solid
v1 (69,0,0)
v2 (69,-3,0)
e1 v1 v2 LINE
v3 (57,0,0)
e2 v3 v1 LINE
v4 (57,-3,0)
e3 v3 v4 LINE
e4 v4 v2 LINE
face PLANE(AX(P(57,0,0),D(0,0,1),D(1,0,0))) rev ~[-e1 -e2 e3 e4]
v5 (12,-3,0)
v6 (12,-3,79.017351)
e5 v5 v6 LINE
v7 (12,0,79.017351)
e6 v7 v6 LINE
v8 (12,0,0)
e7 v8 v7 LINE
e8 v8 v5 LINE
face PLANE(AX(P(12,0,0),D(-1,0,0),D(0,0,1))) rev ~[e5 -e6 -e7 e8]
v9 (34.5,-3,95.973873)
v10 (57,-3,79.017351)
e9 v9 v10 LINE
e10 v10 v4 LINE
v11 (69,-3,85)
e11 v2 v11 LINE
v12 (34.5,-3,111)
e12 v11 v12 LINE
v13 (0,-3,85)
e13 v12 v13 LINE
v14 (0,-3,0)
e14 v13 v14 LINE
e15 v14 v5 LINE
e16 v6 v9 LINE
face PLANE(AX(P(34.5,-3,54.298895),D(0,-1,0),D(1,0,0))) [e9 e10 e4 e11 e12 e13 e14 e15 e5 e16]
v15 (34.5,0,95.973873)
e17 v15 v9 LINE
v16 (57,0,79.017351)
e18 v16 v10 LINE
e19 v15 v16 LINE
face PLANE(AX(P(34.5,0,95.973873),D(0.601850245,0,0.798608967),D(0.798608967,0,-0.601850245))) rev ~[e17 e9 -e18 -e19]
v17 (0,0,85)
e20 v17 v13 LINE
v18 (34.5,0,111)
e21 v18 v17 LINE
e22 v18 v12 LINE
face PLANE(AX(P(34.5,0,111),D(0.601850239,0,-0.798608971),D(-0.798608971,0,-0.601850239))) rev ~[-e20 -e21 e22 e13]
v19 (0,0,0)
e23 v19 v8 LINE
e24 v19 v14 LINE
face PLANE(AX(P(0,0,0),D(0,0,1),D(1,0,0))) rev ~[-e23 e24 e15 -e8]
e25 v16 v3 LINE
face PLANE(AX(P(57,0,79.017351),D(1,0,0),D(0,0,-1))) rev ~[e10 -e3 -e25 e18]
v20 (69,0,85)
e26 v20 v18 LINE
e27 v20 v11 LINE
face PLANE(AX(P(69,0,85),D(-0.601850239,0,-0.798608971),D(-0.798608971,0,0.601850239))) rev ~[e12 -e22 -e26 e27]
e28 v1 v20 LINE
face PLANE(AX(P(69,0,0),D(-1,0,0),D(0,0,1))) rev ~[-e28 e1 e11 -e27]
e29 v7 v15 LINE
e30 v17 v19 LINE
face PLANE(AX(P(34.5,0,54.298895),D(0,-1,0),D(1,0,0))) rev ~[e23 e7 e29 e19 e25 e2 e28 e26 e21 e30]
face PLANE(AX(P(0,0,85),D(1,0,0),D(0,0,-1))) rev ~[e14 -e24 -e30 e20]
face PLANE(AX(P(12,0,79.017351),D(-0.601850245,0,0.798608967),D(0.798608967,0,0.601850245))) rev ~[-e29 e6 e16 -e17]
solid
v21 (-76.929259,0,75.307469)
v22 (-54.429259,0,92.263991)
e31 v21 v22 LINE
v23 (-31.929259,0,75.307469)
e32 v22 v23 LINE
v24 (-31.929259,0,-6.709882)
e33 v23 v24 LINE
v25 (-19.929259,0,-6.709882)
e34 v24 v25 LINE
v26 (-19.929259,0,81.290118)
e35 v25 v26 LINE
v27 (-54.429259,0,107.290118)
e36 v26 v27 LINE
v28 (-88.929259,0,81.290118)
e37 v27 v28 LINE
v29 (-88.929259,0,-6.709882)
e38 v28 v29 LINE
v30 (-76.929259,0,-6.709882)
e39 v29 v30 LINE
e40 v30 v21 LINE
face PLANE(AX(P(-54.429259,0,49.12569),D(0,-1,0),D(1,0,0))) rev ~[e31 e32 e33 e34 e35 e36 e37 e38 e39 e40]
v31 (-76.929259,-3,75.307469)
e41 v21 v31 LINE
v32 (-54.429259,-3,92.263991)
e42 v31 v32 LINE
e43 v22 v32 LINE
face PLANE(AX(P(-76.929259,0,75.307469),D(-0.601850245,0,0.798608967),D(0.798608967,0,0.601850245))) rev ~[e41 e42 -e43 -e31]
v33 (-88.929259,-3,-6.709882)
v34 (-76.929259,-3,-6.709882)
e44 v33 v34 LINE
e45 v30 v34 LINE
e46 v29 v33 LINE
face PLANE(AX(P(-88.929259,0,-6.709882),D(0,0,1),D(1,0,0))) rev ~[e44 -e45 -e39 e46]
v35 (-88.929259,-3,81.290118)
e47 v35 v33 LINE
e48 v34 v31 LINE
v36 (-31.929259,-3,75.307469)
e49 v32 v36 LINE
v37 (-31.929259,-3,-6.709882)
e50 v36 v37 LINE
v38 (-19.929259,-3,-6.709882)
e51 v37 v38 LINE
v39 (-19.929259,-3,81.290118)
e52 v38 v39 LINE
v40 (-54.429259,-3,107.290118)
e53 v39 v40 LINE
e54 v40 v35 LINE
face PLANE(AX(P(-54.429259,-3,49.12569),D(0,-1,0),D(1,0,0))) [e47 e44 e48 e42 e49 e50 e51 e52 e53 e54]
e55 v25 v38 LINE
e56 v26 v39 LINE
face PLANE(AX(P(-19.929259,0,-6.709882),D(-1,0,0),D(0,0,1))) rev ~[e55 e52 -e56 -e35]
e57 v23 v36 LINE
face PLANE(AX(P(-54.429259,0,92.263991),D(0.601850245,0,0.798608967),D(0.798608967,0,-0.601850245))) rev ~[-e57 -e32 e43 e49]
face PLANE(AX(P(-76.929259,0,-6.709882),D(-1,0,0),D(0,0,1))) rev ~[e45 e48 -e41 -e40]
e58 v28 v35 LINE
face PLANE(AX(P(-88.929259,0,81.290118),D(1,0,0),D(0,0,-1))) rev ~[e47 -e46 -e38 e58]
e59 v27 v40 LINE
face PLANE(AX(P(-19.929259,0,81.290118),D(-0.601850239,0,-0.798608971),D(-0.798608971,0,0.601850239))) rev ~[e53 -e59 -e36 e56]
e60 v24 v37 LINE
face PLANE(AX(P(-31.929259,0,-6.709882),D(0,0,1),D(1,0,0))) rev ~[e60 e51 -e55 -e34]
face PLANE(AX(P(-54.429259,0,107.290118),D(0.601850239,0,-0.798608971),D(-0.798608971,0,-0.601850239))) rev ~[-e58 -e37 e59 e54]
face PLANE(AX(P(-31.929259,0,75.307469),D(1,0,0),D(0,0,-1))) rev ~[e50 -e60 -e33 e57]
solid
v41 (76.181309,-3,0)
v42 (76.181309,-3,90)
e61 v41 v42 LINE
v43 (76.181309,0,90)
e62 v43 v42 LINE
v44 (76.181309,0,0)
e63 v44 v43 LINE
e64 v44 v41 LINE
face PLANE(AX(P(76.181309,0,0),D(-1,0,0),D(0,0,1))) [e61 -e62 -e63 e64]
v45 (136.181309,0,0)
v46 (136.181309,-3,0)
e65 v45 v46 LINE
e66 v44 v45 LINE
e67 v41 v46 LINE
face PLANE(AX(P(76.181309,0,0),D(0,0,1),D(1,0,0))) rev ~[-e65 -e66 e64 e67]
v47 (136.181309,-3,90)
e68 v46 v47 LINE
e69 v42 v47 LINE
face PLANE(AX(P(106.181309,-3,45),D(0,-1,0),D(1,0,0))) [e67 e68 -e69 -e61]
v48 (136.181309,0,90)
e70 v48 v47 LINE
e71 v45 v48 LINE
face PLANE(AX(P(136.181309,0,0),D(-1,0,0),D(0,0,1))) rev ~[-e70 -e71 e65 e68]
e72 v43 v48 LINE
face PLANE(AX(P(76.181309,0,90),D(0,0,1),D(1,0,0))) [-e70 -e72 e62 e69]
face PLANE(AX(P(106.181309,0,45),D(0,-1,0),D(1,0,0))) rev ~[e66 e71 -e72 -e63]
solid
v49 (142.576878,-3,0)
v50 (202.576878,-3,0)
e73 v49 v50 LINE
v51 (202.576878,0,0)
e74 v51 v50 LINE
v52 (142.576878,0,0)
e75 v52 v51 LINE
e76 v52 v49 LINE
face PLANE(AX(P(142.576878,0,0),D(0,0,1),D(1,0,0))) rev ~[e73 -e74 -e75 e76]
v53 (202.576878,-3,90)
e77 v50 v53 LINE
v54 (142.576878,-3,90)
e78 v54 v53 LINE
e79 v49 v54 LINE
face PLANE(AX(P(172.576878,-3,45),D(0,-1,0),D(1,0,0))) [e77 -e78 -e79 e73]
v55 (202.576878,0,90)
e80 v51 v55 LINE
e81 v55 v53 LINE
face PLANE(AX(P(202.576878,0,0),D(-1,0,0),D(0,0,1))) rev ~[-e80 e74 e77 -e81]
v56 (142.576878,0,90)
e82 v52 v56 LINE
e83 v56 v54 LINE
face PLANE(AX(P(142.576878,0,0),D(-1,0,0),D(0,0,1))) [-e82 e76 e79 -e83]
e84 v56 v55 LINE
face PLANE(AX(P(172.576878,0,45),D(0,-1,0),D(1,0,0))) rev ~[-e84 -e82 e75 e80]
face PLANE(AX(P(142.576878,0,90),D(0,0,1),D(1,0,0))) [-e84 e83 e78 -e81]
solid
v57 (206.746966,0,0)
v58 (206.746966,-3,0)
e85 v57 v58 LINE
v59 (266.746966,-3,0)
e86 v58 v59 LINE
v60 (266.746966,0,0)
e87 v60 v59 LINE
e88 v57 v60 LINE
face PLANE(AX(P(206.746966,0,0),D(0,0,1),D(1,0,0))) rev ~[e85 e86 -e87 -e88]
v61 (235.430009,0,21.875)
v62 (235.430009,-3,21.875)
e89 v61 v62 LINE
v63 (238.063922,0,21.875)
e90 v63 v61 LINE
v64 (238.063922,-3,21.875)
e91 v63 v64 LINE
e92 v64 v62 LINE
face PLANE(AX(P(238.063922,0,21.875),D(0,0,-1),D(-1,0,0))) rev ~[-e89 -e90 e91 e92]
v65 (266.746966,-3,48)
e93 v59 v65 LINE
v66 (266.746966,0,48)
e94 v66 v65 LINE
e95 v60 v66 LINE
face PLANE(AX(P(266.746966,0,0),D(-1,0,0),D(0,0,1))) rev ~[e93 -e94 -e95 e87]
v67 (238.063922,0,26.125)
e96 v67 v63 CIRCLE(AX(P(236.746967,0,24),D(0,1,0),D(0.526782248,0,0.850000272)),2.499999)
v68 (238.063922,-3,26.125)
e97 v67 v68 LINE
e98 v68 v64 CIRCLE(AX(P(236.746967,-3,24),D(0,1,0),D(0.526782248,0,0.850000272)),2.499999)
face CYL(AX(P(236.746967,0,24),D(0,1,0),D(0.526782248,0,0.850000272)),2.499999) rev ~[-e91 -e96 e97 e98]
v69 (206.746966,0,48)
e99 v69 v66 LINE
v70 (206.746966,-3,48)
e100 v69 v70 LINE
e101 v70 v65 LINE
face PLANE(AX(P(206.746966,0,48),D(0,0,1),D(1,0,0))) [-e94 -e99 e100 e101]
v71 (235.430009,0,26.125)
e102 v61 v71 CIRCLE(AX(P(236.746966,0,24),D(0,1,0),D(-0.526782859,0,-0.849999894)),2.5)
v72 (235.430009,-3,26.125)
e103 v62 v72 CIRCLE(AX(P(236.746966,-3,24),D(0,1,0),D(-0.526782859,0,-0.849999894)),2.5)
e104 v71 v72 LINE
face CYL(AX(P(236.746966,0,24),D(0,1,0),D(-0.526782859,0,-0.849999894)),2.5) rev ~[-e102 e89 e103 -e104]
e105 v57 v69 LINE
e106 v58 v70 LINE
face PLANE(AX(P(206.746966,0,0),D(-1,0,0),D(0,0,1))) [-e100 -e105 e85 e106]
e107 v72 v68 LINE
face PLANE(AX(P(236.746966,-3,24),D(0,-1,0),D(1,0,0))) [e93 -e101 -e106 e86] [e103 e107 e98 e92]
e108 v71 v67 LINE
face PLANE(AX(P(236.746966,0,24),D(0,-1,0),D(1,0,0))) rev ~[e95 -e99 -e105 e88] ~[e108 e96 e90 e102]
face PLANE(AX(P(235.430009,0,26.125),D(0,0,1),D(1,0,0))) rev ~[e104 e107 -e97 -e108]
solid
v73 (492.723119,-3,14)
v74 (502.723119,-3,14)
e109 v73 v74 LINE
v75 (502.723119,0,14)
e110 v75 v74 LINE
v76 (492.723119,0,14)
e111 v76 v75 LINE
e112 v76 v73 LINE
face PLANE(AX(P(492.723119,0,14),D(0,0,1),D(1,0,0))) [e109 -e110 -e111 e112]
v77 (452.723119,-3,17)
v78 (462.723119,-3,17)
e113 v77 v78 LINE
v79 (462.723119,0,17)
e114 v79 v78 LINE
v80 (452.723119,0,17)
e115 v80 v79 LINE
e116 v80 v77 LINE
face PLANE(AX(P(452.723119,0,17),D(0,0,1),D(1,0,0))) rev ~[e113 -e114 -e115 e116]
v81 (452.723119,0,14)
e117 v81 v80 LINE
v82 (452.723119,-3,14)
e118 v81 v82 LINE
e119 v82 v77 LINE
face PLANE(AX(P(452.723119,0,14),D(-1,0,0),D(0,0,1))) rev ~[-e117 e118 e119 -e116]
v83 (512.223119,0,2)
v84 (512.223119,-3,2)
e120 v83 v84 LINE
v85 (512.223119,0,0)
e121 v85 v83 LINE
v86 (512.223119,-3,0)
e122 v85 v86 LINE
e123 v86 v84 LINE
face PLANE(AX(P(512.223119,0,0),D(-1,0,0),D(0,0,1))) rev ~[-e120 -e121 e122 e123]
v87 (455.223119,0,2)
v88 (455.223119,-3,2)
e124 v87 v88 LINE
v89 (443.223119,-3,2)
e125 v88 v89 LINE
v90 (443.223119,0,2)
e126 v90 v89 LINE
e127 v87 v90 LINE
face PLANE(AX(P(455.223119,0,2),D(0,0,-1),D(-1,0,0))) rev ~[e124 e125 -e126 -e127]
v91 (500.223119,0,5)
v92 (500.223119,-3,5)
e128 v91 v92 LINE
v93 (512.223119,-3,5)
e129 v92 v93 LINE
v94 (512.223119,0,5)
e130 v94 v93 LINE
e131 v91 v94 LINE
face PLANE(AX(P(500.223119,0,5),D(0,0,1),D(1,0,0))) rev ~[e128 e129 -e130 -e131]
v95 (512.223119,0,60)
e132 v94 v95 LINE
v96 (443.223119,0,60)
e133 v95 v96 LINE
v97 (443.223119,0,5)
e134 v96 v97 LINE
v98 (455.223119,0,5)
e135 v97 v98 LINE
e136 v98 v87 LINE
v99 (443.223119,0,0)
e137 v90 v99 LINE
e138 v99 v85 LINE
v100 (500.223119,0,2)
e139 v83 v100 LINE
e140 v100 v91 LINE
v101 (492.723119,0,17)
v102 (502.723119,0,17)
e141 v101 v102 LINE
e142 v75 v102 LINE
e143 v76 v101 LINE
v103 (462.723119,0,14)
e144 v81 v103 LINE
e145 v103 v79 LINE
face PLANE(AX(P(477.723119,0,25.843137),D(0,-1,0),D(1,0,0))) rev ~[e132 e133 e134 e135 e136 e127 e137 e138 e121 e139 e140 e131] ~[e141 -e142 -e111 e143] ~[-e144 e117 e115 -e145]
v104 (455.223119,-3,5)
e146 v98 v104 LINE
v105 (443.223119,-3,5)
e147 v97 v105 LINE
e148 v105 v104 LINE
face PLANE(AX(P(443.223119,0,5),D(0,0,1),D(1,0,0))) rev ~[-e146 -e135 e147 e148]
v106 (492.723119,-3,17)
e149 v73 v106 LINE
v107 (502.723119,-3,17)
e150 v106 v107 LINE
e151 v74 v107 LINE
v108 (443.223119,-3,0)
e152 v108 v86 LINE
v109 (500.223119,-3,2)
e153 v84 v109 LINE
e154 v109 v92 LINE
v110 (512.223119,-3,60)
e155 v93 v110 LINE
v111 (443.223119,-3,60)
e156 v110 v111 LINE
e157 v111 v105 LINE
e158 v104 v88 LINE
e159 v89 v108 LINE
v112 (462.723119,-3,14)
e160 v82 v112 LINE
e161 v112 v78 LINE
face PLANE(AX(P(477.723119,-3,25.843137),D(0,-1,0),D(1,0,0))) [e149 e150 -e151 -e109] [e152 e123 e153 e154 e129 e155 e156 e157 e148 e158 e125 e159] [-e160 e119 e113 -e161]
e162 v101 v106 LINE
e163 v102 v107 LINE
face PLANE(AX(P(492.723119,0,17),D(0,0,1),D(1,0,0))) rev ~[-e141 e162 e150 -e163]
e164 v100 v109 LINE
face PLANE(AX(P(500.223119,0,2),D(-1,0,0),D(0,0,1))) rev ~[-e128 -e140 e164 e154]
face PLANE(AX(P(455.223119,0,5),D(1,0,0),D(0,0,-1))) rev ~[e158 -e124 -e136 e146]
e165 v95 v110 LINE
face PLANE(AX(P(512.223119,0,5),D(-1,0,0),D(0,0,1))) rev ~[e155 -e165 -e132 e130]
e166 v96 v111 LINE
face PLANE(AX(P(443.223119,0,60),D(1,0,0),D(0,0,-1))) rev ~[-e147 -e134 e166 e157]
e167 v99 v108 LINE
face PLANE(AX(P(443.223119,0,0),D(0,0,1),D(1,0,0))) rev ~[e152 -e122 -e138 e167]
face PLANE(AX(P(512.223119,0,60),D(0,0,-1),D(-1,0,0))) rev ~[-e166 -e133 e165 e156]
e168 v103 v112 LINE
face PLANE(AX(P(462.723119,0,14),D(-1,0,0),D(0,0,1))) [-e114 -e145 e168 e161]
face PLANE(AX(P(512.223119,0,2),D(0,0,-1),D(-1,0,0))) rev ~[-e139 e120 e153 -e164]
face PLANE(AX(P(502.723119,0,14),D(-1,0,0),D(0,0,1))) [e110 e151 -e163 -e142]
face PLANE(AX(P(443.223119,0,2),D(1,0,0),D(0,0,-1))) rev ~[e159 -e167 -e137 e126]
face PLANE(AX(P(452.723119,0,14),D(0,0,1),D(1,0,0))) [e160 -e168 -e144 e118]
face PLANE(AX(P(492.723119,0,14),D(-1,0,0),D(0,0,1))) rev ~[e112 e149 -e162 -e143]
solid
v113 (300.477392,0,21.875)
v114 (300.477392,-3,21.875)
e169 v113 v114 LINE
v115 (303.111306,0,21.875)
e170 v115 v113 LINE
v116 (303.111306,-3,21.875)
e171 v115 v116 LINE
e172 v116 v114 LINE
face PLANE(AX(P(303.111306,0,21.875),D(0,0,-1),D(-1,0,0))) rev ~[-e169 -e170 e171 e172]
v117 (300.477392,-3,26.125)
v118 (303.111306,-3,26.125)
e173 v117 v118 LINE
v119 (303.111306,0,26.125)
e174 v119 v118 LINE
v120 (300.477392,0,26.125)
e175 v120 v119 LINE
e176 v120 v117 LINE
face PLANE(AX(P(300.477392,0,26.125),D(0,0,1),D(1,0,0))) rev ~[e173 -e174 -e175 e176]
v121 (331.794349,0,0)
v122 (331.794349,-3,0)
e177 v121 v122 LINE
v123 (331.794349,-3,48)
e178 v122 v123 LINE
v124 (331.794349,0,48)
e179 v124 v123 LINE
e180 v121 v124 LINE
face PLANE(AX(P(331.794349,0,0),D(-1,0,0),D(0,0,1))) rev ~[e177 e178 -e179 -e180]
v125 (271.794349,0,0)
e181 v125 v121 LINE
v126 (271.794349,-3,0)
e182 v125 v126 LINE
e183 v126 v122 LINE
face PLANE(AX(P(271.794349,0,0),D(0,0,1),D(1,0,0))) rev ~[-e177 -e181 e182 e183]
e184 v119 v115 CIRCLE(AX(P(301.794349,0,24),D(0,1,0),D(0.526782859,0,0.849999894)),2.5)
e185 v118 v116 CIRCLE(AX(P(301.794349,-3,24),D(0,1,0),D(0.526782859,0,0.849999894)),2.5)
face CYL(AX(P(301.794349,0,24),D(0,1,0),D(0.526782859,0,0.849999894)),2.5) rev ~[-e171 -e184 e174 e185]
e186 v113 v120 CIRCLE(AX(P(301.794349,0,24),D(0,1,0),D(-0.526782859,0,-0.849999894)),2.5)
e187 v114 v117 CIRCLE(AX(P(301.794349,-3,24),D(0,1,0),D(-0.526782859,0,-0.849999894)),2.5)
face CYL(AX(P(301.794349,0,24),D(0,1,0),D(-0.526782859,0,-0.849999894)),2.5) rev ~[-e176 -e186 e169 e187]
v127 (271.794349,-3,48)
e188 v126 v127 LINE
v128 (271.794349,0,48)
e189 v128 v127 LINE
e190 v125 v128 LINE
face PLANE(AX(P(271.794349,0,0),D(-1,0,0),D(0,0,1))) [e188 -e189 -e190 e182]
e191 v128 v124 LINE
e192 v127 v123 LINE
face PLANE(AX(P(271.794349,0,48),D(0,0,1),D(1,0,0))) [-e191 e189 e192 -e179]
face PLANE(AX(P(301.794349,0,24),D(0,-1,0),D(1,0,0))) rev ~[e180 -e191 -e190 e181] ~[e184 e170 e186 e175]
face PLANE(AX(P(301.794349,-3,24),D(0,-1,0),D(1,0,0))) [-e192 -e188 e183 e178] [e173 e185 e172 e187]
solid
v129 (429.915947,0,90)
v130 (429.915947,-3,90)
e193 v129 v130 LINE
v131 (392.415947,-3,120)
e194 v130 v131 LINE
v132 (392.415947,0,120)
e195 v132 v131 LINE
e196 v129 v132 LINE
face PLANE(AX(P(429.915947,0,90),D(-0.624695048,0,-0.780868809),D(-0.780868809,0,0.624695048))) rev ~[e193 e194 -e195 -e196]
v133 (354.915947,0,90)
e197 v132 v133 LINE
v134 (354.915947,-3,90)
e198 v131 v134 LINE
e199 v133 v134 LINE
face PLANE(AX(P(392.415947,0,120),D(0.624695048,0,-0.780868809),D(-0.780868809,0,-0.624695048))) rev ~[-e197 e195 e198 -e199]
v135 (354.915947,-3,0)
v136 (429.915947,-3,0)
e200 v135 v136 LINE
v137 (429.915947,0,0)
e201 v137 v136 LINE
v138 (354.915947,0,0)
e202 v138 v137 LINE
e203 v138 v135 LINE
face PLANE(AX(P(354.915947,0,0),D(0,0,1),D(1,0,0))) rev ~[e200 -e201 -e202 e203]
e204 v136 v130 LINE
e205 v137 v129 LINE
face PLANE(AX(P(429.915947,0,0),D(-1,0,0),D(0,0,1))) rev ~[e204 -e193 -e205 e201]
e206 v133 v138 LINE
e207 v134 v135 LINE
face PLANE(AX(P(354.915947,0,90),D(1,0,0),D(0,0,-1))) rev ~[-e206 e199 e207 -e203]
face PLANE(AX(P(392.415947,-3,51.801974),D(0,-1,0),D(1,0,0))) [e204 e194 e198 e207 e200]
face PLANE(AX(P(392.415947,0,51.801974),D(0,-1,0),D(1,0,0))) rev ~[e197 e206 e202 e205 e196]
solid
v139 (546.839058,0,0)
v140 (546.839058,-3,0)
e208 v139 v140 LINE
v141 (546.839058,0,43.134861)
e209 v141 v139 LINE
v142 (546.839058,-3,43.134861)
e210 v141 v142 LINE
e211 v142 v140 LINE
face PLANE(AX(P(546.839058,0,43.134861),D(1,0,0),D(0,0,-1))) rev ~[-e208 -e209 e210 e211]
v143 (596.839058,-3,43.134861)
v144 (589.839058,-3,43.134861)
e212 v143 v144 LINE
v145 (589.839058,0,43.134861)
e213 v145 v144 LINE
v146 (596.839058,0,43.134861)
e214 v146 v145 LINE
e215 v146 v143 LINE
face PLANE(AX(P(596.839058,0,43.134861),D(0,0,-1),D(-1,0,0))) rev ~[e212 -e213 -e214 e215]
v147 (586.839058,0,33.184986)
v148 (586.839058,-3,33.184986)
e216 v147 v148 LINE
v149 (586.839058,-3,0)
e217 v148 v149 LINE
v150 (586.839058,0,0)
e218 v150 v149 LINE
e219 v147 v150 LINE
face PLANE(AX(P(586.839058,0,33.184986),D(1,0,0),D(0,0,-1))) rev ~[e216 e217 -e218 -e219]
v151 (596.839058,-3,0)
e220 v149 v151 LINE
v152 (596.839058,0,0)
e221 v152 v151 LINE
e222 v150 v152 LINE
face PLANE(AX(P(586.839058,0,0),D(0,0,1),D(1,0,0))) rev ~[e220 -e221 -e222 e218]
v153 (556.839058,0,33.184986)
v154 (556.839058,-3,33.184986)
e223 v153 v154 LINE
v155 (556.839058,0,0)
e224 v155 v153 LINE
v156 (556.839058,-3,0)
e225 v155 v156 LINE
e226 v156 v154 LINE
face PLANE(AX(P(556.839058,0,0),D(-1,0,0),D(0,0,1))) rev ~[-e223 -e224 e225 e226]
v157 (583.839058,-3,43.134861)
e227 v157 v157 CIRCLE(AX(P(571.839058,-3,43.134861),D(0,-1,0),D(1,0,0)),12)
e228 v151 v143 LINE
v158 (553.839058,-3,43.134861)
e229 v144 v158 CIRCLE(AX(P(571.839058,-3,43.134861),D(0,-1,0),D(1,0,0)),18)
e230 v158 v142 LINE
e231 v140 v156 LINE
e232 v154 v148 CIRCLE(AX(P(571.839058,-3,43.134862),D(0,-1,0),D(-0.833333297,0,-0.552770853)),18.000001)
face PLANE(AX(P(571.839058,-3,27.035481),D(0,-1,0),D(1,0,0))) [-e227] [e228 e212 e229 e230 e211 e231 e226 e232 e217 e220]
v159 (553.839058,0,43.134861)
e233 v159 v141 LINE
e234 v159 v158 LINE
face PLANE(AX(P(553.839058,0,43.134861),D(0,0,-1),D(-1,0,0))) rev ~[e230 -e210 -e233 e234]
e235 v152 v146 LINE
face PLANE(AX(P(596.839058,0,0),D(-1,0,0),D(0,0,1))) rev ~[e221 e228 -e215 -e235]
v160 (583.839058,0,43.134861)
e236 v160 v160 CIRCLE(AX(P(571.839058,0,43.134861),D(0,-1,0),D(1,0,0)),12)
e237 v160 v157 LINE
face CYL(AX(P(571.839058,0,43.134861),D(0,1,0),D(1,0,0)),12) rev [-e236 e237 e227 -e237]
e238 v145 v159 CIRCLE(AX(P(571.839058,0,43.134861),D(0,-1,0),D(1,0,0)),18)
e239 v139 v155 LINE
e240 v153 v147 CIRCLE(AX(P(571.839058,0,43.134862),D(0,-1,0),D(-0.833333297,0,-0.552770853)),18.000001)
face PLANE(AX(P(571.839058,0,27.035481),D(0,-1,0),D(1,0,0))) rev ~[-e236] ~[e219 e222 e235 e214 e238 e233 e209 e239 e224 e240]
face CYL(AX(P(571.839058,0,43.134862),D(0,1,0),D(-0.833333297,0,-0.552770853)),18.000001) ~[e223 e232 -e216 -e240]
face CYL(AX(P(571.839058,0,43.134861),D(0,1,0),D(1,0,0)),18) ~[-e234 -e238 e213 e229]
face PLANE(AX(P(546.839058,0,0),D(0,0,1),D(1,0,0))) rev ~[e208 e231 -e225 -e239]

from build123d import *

# Parameters (mm, degrees)
F1_DEPTH = 3
F2_W     = 60
F2_H     = 90
F2_H_2   = 48
F2_W_2   = 10
F2_H_3   = 3
F2_R     = 12
F3_DEPTH = 3


with BuildPart() as f1:
    # F0 (on Front) → F1 (new body)
    with BuildSketch(Plane.XZ):
        Polygon((0, 85), (0, 0), (12, 0), (12, 79.017351), (34.5, 95.973873), (57, 79.017351), (57, 0), (69, 0), (69, 85), (34.5, 111), align=None)
        Polygon((-88.929259, 81.290118), (-88.929259, -3.709882), (-88.929259, -6.709882), (-76.929259, -6.709882), (-76.929259, -4.611619), (-76.929259, -3.709882), (-76.929259, 75.307469), (-54.429259, 92.263991), (-31.929259, 75.307469), (-31.929259, -3.709882), (-31.929259, -6.709882), (-19.929259, -6.709882), (-19.929259, -4.611619), (-19.929259, 81.290118), (-54.429259, 107.290118), align=None)
    extrude(amount=F1_DEPTH)


with BuildPart() as f3:
    # F2 (on Front) → F3 (new body)
    with BuildSketch(Plane.XZ):
        with Locations((106.181309, 45)):
            Rectangle(F2_W, F2_H)
        with Locations((172.576878, 45)):
            Rectangle(F2_W, F2_H)
        with Locations((236.746966, 24)):
            Rectangle(F2_W, F2_H_2)
        with BuildLine():
            ThreePointArc((238.063922, 26.125), (239.246966, 24), (238.063922, 21.875))
            Line((238.063922, 21.875), (235.430009, 21.875))
            ThreePointArc((235.430009, 21.875), (234.246966, 24), (235.430009, 26.125))
            Line((235.430009, 26.125), (238.063922, 26.125))
        make_face(mode=Mode.SUBTRACT)
        with Locations((301.794349, 24)):
            Rectangle(F2_W, F2_H_2)
        with BuildLine():
            ThreePointArc((300.477392, 21.875), (299.294349, 24), (300.477392, 26.125))
            Line((300.477392, 26.125), (303.111306, 26.125))
            ThreePointArc((303.111306, 26.125), (304.294349, 24), (303.111306, 21.875))
            Line((303.111306, 21.875), (300.477392, 21.875))
        make_face(mode=Mode.SUBTRACT)
        Polygon((354.915947, 90), (354.915947, 0), (429.915947, 0), (429.915947, 90), (392.415947, 120), align=None)
        Polygon((443.223119, 2), (443.223119, 0), (512.223119, 0), (512.223119, 2), (500.223119, 2), (500.223119, 5), (512.223119, 5), (512.223119, 60), (443.223119, 60), (443.223119, 5), (455.223119, 5), (455.223119, 2), align=None)
        with Locations((457.723119, 15.5)):
            Rectangle(F2_W_2, F2_H_3, mode=Mode.SUBTRACT)
        with Locations((497.723119, 15.5)):
            Rectangle(F2_W_2, F2_H_3, mode=Mode.SUBTRACT)
        with BuildLine():
            Line((556.839058, 0), (556.839058, 33.184986))
            ThreePointArc((556.839058, 33.184986), (571.839058, 25.134861), (586.839058, 33.184986))
            Line((586.839058, 33.184986), (586.839058, 0))
            Line((586.839058, 0), (596.839058, 0))
            Line((596.839058, 0), (596.839058, 43.134861))
            Line((596.839058, 43.134861), (589.839058, 43.134861))
            ThreePointArc((589.839058, 43.134861), (571.839058, 61.134861), (553.839058, 43.134861))
            Line((553.839058, 43.134861), (546.839058, 43.134861))
            Line((546.839058, 43.134861), (546.839058, 0))
            Line((546.839058, 0), (556.839058, 0))
        make_face()
        with Locations((571.839058, 43.134861)):
            Circle(F2_R, mode=Mode.SUBTRACT)
    extrude(amount=F3_DEPTH)


solid = Compound([f1.part, f3.part])
